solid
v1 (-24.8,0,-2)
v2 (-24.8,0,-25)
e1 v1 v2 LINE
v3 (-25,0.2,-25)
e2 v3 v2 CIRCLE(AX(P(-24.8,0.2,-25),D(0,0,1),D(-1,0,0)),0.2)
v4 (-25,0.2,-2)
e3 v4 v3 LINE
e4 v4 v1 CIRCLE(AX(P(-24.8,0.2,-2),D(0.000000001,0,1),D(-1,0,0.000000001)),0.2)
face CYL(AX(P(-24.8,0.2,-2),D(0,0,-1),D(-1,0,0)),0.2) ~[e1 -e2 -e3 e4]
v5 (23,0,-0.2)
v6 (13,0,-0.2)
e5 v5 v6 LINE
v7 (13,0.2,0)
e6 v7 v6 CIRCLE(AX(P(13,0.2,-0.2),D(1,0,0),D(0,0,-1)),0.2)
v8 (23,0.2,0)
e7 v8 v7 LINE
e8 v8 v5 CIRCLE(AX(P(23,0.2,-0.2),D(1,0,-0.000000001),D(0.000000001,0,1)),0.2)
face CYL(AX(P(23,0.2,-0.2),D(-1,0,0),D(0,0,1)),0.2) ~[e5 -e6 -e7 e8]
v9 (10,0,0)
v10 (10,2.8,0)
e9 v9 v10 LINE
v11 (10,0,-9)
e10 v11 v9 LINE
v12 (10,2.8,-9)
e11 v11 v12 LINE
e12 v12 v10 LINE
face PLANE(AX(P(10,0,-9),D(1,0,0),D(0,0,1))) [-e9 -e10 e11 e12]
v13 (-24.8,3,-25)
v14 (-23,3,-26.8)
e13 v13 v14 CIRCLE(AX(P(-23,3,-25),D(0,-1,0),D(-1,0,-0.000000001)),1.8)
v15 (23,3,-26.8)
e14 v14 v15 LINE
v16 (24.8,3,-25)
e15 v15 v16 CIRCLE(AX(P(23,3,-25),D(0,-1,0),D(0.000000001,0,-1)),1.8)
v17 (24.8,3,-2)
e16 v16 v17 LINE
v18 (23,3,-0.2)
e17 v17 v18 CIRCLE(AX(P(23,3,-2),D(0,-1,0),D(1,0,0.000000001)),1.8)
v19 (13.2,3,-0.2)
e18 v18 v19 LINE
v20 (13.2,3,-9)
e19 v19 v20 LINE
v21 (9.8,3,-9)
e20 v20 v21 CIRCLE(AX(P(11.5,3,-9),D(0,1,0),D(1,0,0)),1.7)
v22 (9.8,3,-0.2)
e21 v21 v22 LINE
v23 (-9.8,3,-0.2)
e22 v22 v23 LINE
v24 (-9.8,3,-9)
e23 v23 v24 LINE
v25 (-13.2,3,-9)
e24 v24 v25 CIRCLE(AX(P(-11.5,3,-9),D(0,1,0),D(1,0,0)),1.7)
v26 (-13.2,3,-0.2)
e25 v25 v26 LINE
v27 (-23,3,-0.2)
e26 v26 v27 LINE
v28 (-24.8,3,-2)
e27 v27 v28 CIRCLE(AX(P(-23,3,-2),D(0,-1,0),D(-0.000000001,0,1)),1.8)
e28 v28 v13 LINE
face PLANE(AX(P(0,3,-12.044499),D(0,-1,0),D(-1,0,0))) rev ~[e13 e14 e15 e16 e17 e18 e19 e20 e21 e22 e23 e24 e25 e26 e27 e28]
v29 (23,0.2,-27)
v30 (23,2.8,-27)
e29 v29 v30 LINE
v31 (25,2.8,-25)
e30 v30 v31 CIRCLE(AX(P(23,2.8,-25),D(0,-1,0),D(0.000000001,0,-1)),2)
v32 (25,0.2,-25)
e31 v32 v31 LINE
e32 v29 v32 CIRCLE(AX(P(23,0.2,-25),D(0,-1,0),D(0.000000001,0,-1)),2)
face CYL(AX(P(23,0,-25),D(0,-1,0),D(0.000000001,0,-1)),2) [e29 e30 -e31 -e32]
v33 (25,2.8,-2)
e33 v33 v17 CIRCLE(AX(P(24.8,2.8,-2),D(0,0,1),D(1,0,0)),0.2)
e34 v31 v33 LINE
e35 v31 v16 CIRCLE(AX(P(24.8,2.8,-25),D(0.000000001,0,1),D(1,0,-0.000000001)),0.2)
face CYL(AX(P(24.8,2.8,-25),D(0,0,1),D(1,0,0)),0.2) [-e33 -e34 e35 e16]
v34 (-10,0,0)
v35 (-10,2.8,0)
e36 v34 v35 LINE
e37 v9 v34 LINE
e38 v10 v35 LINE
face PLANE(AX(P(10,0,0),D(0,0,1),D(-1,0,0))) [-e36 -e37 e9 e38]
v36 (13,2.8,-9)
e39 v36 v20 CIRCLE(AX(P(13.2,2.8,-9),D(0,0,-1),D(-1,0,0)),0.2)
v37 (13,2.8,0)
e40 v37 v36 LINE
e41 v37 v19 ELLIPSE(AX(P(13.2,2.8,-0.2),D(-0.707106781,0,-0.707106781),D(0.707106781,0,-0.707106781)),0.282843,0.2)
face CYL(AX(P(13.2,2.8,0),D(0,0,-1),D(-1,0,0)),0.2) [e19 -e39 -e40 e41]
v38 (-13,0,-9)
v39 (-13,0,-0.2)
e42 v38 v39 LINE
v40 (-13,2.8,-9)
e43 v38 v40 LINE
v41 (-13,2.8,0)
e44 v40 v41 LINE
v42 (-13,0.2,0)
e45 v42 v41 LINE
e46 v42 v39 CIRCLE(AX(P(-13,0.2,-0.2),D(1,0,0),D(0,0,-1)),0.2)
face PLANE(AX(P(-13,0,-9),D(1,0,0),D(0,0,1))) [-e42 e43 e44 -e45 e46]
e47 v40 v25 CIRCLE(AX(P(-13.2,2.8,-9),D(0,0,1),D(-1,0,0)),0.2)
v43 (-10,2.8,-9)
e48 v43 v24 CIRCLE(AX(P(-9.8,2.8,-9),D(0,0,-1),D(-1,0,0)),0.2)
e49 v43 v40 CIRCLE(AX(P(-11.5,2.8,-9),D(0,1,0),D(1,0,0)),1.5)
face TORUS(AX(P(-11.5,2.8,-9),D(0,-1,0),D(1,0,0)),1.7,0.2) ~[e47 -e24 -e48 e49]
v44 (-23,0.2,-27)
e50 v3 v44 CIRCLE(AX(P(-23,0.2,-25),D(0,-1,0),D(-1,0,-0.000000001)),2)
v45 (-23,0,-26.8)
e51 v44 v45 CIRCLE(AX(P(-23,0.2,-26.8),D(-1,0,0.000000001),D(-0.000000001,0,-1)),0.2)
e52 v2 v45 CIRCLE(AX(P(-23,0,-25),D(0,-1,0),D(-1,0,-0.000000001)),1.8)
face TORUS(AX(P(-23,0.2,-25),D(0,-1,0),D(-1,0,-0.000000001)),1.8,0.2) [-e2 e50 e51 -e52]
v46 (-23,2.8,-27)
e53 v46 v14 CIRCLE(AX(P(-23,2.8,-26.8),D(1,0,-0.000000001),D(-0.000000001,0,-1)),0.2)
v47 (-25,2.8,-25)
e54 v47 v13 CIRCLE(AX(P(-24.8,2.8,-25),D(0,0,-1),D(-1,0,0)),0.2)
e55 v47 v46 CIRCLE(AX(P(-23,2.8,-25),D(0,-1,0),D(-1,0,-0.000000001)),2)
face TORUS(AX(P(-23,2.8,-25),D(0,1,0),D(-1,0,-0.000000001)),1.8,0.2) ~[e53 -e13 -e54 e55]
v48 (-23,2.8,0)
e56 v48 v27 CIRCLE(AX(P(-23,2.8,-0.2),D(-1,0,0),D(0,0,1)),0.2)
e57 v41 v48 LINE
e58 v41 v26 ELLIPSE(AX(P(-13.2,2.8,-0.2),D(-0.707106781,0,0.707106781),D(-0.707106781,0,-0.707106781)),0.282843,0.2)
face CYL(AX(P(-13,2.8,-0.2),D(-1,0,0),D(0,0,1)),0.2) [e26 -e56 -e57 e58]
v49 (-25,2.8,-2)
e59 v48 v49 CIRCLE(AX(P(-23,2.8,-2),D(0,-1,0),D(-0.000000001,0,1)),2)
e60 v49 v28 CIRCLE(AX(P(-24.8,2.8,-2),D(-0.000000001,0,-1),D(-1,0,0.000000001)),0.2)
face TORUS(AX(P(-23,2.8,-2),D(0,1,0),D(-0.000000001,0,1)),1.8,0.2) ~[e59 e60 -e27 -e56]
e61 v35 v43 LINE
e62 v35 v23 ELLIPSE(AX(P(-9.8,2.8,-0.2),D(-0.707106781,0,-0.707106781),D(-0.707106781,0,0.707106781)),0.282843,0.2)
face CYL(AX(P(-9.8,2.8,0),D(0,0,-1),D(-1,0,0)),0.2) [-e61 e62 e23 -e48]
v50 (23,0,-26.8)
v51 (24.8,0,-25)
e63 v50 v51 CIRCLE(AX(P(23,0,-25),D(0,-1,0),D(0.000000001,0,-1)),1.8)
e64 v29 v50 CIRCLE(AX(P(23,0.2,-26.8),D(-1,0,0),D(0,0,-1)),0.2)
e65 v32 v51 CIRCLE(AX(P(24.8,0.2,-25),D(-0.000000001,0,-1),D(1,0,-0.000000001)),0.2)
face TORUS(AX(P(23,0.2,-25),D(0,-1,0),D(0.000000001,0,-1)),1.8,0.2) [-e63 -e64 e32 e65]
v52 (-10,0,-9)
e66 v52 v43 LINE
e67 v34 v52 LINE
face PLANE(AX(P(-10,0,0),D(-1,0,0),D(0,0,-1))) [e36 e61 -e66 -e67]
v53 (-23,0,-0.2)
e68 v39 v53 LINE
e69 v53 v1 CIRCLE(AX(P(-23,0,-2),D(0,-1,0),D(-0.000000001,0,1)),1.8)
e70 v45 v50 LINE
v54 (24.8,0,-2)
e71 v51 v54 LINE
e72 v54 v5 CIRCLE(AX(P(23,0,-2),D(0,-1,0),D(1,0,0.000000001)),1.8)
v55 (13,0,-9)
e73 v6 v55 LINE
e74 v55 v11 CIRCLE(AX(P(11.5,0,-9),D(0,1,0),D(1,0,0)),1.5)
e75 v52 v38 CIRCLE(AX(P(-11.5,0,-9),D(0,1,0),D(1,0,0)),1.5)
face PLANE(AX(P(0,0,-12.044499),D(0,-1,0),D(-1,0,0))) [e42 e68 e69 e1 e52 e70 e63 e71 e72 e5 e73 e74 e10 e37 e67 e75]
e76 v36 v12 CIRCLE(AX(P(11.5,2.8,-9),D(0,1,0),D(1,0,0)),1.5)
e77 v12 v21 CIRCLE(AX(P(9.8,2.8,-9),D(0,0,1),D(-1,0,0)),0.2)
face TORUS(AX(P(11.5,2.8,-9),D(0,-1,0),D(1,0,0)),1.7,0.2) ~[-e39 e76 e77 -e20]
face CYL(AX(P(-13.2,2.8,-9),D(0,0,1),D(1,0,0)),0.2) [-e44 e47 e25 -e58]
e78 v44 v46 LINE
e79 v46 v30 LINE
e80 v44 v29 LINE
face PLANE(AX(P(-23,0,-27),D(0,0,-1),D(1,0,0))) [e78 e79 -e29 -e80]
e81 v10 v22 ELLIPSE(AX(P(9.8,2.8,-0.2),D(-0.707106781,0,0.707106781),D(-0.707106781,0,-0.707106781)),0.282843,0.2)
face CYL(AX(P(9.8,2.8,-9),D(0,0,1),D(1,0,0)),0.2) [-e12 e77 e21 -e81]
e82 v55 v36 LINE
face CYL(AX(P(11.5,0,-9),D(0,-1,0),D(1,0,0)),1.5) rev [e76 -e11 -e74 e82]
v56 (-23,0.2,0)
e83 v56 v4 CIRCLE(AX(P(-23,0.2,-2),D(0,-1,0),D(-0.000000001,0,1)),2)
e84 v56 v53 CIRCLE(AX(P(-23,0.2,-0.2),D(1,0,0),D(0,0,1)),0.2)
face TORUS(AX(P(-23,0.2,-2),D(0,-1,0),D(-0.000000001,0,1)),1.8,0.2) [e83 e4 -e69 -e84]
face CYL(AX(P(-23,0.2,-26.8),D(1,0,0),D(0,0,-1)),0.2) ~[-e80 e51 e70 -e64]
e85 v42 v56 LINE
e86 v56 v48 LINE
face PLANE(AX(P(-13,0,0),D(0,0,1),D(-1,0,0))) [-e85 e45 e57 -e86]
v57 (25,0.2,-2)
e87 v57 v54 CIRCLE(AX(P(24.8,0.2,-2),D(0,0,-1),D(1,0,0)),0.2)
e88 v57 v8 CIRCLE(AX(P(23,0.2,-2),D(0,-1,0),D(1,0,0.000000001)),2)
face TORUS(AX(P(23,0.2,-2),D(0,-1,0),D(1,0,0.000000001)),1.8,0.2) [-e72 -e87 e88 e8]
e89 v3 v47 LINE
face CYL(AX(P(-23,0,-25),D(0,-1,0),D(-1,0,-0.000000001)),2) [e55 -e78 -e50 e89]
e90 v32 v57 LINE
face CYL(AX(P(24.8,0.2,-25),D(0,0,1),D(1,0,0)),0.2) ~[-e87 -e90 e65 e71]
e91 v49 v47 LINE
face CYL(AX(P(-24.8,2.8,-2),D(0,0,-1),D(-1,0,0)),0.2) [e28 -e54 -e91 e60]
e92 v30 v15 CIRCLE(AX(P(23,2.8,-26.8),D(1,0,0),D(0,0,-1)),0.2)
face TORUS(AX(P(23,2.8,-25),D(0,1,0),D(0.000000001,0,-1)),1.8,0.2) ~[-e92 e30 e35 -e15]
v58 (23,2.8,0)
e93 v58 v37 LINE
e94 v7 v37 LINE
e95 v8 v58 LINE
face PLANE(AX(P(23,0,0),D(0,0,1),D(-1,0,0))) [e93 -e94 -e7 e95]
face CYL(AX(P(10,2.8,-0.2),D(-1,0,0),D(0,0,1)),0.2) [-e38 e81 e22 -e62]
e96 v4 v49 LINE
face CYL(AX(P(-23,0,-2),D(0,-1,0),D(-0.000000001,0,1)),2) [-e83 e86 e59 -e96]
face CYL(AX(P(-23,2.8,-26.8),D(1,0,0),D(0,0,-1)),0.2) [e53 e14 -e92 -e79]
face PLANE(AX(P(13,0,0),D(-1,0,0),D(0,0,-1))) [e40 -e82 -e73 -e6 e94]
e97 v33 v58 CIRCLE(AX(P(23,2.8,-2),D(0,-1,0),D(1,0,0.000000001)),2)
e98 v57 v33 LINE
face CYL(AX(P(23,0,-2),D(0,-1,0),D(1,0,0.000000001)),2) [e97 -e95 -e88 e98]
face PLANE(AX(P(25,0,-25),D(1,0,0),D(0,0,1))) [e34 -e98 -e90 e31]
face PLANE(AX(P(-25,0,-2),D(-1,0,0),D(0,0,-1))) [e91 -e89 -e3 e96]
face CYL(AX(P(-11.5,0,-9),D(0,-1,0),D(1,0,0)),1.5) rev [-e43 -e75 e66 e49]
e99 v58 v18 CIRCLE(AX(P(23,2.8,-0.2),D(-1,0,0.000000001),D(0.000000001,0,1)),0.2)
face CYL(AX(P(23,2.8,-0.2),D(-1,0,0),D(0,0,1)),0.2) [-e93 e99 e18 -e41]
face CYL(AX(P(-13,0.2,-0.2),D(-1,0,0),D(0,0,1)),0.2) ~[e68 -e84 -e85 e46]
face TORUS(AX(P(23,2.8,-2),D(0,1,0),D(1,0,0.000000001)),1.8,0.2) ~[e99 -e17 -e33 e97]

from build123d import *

# Parameters (mm, degrees)
BOSS_EXTRUDE1_DEPTH = 3
FILLET1_R           = 0.2


with BuildPart() as part:
    # Sketch1 → Boss-Extrude1 (new body)
    with BuildSketch(Plane(origin=(0, 0, 0), x_dir=(1, 0, 0), z_dir=(0, 1, 0))):
        with BuildLine():
            Line((10, 0), (-10, 0))
            Line((-10, 0), (-10, 9))
            ThreePointArc((-10, 9), (-11.5, 10.5), (-13, 9))
            Line((-13, 9), (-13, 0))
            Line((-13, 0), (-23, 0))
            ThreePointArc((-23, 0), (-24.414213562, 0.585786438), (-25, 2))
            Line((-25, 2), (-25, 25))
            ThreePointArc((-25, 25), (-24.414213562, 26.414213562), (-23, 27))
            Line((-23, 27), (23, 27))
            ThreePointArc((23, 27), (24.414213562, 26.414213562), (25, 25))
            Line((25, 25), (25, 2))
            ThreePointArc((25, 2), (24.414213562, 0.585786438), (23, 0))
            Line((23, 0), (13, 0))
            Line((13, 0), (13, 9))
            ThreePointArc((13, 9), (11.5, 10.5), (10, 9))
            Line((10, 9), (10, 0))
        make_face()
    extrude(amount=BOSS_EXTRUDE1_DEPTH)

    # Fillet1
    fillet1_edges = [part.edges().sort_by_distance(p)[0] for p in [
        (0, 3, 0),
        (10, 3, -4.5),
        (-18, 0, 0),
        (-24.414213562, 0, -0.585786438),
        (-25, 0, -13.5),
        (-24.414213562, 0, -26.414213562),
        (11.5, 3, -10.5),
        (0, 0, -27),
        (24.414213562, 0, -26.414213562),
        (25, 0, -13.5),
        (24.414213562, 0, -0.585786438),
        (18, 0, 0),
        (13, 3, -4.5),
        (18, 3, 0),
        (24.414213562, 3, -0.585786438),
        (25, 3, -13.5),
        (24.414213562, 3, -26.414213562),
        (0, 3, -27),
        (-24.414213562, 3, -26.414213562),
        (-11.5, 3, -10.5),
        (-25, 3, -13.5),
        (-24.414213562, 3, -0.585786438),
        (-18, 3, 0),
        (-13, 3, -4.5),
        (-10, 3, -4.5),
    ]]
    fillet(fillet1_edges, radius=FILLET1_R)


solid = part.part
